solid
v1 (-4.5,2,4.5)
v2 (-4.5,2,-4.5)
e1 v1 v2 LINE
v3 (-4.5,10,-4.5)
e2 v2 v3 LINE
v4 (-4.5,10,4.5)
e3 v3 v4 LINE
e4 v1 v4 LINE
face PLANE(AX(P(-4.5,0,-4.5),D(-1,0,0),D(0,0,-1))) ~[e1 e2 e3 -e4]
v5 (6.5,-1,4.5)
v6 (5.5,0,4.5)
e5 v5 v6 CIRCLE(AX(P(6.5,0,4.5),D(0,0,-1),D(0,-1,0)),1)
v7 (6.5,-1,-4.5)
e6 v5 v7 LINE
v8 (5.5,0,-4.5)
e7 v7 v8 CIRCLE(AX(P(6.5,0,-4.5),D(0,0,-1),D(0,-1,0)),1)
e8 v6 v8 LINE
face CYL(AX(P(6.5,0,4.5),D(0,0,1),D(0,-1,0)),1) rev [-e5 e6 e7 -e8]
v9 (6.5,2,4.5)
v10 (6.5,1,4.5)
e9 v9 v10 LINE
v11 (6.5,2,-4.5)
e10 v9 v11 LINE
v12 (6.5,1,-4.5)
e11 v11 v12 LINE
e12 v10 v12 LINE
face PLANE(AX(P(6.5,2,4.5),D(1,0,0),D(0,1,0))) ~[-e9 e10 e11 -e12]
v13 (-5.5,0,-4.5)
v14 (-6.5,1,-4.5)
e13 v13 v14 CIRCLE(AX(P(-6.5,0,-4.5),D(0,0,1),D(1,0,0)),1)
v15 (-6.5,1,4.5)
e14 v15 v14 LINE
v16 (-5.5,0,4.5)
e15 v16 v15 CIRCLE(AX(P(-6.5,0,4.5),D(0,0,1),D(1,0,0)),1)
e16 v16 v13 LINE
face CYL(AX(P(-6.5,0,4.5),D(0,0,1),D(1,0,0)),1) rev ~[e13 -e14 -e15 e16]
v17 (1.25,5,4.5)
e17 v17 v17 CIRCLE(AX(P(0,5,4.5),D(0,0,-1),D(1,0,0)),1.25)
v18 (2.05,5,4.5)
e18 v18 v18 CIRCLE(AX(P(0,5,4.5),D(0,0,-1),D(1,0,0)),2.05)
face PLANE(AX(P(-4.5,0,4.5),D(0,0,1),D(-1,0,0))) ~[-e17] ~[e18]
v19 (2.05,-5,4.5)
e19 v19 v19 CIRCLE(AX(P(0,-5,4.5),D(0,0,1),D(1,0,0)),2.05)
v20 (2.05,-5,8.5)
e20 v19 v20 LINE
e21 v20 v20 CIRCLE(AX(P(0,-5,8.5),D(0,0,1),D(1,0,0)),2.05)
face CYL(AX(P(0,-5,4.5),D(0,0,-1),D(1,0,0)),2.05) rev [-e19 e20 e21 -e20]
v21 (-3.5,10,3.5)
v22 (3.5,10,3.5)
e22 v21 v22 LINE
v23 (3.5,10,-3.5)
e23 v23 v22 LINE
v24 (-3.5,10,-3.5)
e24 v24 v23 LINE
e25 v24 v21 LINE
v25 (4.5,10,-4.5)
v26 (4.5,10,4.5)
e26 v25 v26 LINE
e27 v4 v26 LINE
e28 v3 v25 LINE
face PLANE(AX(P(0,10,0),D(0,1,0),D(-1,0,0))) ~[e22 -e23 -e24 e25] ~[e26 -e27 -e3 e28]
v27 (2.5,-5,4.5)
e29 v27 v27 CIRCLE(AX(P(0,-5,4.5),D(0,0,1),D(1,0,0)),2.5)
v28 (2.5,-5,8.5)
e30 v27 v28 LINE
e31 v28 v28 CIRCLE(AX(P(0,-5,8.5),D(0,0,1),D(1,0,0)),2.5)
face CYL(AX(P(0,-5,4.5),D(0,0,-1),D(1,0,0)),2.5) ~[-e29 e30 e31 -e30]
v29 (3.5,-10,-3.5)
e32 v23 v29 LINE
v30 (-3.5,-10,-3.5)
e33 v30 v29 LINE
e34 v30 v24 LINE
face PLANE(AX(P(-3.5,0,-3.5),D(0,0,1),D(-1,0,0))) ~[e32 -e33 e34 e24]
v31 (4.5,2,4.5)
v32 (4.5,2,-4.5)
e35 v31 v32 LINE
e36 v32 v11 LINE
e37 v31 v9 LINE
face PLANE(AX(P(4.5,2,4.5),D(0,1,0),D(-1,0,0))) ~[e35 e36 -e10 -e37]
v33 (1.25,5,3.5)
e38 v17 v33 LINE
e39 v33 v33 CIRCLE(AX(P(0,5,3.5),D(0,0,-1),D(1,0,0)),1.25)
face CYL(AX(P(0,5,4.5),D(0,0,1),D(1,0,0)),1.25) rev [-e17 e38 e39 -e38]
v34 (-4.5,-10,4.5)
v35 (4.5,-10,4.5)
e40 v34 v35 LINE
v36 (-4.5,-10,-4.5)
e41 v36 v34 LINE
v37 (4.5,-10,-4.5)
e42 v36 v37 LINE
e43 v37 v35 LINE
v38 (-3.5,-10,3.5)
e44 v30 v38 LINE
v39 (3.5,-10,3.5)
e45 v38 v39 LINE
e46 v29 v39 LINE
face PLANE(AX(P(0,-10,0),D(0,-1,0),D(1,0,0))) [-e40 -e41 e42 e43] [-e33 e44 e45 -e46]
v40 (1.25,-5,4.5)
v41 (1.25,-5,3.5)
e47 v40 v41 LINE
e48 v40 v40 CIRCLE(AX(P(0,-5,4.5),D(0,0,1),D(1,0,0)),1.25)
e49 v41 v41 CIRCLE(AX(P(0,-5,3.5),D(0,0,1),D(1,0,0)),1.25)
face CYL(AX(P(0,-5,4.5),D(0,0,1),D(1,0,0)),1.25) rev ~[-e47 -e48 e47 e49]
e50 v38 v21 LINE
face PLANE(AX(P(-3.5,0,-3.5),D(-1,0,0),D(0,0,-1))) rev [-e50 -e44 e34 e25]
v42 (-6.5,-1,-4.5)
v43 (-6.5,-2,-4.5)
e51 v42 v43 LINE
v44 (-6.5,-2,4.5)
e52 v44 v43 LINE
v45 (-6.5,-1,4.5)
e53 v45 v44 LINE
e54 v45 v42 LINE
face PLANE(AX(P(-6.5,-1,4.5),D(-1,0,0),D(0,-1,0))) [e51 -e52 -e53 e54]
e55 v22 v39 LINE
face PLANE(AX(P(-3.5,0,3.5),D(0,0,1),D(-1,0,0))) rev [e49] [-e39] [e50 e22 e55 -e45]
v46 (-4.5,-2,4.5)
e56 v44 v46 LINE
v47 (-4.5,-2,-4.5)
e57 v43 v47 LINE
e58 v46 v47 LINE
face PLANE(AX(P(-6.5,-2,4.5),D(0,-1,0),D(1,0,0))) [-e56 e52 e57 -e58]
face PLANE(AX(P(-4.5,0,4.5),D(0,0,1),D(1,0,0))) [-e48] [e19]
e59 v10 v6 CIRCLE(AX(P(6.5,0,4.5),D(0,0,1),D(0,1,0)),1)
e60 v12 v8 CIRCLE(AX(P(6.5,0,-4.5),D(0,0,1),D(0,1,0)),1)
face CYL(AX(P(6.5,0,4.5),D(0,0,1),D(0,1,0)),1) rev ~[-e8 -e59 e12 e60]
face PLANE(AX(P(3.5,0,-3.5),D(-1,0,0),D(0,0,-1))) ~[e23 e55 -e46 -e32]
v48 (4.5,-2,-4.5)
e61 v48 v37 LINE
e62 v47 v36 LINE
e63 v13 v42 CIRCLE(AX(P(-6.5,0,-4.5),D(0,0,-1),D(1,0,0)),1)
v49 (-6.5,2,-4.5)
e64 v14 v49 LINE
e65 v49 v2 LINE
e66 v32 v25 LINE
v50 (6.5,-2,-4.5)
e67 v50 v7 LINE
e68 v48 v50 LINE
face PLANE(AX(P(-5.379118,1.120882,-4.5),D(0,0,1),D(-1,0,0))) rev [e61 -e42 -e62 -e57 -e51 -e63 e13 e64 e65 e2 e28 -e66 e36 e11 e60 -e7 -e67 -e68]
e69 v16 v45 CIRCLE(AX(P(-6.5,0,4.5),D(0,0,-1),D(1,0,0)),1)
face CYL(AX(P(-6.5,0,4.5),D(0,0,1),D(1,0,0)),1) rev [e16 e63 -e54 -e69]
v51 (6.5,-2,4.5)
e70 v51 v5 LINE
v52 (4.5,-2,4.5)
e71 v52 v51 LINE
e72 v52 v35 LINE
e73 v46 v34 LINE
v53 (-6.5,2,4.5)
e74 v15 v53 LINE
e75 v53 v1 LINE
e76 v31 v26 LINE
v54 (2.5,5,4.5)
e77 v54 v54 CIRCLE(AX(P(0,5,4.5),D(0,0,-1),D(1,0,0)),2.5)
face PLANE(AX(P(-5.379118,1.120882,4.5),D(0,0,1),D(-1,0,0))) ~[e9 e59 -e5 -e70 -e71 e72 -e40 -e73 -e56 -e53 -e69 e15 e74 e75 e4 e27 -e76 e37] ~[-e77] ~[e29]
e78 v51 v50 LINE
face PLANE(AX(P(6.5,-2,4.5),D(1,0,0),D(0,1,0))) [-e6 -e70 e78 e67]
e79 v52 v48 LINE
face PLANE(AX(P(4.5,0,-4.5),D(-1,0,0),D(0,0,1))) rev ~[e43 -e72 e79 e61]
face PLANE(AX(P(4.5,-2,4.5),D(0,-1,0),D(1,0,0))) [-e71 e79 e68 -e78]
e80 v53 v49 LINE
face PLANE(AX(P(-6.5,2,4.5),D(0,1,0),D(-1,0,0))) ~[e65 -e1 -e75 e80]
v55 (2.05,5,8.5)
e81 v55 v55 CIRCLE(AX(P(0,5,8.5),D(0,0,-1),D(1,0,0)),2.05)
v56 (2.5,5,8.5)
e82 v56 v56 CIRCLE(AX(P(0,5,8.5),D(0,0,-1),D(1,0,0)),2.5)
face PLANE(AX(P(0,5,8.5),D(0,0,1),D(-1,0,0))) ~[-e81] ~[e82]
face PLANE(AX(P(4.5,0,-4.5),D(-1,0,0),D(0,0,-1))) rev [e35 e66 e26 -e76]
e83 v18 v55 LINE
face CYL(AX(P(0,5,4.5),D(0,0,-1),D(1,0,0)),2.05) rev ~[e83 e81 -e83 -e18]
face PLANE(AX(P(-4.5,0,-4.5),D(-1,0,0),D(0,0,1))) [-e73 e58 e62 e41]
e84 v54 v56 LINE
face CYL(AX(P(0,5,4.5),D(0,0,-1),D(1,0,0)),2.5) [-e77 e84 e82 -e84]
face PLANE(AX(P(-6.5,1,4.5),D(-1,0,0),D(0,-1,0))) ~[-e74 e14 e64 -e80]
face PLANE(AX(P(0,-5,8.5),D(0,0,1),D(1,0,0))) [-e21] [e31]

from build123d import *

# Parameters (mm, degrees)
F0_W     = 9
F0_H     = 9
F0_W_2   = 7
F0_H_2   = 7
F1_DEPTH = 10
F2_R     = 1.25
F3_DEPTH = 1
F4_R     = 2.5
F4_R_2   = 2.05
F5_DEPTH = 4
F7_DEPTH = 9


with BuildPart() as f1:
    # F0 (on Front) → F1 (new body)
    with BuildSketch(Plane.XZ):
        Rectangle(F0_W, F0_H)
        Rectangle(F0_W_2, F0_H_2, mode=Mode.SUBTRACT)
    extrude(amount=F1_DEPTH)

    # F2 (on face) → F3 (cut, through all)
    with BuildSketch(Plane.XY.offset(4.5)):
        with Locations((0, -5)):
            Circle(F2_R)
    extrude(amount=-F3_DEPTH, mode=Mode.SUBTRACT)

    # F4 (on face) → F5 (join)
    with BuildSketch(Plane.XY.offset(4.5)):
        with Locations((0, -5)):
            Circle(F4_R)
        with Locations((0, -5)):
            Circle(F4_R_2, mode=Mode.SUBTRACT)
    extrude(amount=F5_DEPTH)

    # F6 (on face) → F7 (join, through all)
    with BuildSketch(Plane.XY.offset(4.5)):
        with BuildLine():
            Line((-4.5, -2), (-4.5, 0))
            Line((-4.5, 0), (-5.5, 0))
            ThreePointArc((-5.5, 0), (-5.7928932188, -0.7071067812), (-6.5, -1))
            Line((-6.5, -1), (-6.5, -2))
            Line((-6.5, -2), (-4.5, -2))
        make_face()
        with BuildLine():
            Line((5.5, 0), (4.5, 0))
            Line((4.5, 0), (4.5, -2))
            Line((4.5, -2), (6.5, -2))
            Line((6.5, -2), (6.5, -1))
            ThreePointArc((6.5, -1), (5.7928932188, -0.7071067812), (5.5, 0))
        make_face()
    extrude(amount=-F7_DEPTH)

    # F8: F1 across face


with BuildPart() as f1_1:
    add(f1.part)
    add(f1.part.mirror(Plane(origin=(0, 0, 0), x_dir=(-1, 0, 0), z_dir=(0, 1, 0))))


solid = f1_1.part
